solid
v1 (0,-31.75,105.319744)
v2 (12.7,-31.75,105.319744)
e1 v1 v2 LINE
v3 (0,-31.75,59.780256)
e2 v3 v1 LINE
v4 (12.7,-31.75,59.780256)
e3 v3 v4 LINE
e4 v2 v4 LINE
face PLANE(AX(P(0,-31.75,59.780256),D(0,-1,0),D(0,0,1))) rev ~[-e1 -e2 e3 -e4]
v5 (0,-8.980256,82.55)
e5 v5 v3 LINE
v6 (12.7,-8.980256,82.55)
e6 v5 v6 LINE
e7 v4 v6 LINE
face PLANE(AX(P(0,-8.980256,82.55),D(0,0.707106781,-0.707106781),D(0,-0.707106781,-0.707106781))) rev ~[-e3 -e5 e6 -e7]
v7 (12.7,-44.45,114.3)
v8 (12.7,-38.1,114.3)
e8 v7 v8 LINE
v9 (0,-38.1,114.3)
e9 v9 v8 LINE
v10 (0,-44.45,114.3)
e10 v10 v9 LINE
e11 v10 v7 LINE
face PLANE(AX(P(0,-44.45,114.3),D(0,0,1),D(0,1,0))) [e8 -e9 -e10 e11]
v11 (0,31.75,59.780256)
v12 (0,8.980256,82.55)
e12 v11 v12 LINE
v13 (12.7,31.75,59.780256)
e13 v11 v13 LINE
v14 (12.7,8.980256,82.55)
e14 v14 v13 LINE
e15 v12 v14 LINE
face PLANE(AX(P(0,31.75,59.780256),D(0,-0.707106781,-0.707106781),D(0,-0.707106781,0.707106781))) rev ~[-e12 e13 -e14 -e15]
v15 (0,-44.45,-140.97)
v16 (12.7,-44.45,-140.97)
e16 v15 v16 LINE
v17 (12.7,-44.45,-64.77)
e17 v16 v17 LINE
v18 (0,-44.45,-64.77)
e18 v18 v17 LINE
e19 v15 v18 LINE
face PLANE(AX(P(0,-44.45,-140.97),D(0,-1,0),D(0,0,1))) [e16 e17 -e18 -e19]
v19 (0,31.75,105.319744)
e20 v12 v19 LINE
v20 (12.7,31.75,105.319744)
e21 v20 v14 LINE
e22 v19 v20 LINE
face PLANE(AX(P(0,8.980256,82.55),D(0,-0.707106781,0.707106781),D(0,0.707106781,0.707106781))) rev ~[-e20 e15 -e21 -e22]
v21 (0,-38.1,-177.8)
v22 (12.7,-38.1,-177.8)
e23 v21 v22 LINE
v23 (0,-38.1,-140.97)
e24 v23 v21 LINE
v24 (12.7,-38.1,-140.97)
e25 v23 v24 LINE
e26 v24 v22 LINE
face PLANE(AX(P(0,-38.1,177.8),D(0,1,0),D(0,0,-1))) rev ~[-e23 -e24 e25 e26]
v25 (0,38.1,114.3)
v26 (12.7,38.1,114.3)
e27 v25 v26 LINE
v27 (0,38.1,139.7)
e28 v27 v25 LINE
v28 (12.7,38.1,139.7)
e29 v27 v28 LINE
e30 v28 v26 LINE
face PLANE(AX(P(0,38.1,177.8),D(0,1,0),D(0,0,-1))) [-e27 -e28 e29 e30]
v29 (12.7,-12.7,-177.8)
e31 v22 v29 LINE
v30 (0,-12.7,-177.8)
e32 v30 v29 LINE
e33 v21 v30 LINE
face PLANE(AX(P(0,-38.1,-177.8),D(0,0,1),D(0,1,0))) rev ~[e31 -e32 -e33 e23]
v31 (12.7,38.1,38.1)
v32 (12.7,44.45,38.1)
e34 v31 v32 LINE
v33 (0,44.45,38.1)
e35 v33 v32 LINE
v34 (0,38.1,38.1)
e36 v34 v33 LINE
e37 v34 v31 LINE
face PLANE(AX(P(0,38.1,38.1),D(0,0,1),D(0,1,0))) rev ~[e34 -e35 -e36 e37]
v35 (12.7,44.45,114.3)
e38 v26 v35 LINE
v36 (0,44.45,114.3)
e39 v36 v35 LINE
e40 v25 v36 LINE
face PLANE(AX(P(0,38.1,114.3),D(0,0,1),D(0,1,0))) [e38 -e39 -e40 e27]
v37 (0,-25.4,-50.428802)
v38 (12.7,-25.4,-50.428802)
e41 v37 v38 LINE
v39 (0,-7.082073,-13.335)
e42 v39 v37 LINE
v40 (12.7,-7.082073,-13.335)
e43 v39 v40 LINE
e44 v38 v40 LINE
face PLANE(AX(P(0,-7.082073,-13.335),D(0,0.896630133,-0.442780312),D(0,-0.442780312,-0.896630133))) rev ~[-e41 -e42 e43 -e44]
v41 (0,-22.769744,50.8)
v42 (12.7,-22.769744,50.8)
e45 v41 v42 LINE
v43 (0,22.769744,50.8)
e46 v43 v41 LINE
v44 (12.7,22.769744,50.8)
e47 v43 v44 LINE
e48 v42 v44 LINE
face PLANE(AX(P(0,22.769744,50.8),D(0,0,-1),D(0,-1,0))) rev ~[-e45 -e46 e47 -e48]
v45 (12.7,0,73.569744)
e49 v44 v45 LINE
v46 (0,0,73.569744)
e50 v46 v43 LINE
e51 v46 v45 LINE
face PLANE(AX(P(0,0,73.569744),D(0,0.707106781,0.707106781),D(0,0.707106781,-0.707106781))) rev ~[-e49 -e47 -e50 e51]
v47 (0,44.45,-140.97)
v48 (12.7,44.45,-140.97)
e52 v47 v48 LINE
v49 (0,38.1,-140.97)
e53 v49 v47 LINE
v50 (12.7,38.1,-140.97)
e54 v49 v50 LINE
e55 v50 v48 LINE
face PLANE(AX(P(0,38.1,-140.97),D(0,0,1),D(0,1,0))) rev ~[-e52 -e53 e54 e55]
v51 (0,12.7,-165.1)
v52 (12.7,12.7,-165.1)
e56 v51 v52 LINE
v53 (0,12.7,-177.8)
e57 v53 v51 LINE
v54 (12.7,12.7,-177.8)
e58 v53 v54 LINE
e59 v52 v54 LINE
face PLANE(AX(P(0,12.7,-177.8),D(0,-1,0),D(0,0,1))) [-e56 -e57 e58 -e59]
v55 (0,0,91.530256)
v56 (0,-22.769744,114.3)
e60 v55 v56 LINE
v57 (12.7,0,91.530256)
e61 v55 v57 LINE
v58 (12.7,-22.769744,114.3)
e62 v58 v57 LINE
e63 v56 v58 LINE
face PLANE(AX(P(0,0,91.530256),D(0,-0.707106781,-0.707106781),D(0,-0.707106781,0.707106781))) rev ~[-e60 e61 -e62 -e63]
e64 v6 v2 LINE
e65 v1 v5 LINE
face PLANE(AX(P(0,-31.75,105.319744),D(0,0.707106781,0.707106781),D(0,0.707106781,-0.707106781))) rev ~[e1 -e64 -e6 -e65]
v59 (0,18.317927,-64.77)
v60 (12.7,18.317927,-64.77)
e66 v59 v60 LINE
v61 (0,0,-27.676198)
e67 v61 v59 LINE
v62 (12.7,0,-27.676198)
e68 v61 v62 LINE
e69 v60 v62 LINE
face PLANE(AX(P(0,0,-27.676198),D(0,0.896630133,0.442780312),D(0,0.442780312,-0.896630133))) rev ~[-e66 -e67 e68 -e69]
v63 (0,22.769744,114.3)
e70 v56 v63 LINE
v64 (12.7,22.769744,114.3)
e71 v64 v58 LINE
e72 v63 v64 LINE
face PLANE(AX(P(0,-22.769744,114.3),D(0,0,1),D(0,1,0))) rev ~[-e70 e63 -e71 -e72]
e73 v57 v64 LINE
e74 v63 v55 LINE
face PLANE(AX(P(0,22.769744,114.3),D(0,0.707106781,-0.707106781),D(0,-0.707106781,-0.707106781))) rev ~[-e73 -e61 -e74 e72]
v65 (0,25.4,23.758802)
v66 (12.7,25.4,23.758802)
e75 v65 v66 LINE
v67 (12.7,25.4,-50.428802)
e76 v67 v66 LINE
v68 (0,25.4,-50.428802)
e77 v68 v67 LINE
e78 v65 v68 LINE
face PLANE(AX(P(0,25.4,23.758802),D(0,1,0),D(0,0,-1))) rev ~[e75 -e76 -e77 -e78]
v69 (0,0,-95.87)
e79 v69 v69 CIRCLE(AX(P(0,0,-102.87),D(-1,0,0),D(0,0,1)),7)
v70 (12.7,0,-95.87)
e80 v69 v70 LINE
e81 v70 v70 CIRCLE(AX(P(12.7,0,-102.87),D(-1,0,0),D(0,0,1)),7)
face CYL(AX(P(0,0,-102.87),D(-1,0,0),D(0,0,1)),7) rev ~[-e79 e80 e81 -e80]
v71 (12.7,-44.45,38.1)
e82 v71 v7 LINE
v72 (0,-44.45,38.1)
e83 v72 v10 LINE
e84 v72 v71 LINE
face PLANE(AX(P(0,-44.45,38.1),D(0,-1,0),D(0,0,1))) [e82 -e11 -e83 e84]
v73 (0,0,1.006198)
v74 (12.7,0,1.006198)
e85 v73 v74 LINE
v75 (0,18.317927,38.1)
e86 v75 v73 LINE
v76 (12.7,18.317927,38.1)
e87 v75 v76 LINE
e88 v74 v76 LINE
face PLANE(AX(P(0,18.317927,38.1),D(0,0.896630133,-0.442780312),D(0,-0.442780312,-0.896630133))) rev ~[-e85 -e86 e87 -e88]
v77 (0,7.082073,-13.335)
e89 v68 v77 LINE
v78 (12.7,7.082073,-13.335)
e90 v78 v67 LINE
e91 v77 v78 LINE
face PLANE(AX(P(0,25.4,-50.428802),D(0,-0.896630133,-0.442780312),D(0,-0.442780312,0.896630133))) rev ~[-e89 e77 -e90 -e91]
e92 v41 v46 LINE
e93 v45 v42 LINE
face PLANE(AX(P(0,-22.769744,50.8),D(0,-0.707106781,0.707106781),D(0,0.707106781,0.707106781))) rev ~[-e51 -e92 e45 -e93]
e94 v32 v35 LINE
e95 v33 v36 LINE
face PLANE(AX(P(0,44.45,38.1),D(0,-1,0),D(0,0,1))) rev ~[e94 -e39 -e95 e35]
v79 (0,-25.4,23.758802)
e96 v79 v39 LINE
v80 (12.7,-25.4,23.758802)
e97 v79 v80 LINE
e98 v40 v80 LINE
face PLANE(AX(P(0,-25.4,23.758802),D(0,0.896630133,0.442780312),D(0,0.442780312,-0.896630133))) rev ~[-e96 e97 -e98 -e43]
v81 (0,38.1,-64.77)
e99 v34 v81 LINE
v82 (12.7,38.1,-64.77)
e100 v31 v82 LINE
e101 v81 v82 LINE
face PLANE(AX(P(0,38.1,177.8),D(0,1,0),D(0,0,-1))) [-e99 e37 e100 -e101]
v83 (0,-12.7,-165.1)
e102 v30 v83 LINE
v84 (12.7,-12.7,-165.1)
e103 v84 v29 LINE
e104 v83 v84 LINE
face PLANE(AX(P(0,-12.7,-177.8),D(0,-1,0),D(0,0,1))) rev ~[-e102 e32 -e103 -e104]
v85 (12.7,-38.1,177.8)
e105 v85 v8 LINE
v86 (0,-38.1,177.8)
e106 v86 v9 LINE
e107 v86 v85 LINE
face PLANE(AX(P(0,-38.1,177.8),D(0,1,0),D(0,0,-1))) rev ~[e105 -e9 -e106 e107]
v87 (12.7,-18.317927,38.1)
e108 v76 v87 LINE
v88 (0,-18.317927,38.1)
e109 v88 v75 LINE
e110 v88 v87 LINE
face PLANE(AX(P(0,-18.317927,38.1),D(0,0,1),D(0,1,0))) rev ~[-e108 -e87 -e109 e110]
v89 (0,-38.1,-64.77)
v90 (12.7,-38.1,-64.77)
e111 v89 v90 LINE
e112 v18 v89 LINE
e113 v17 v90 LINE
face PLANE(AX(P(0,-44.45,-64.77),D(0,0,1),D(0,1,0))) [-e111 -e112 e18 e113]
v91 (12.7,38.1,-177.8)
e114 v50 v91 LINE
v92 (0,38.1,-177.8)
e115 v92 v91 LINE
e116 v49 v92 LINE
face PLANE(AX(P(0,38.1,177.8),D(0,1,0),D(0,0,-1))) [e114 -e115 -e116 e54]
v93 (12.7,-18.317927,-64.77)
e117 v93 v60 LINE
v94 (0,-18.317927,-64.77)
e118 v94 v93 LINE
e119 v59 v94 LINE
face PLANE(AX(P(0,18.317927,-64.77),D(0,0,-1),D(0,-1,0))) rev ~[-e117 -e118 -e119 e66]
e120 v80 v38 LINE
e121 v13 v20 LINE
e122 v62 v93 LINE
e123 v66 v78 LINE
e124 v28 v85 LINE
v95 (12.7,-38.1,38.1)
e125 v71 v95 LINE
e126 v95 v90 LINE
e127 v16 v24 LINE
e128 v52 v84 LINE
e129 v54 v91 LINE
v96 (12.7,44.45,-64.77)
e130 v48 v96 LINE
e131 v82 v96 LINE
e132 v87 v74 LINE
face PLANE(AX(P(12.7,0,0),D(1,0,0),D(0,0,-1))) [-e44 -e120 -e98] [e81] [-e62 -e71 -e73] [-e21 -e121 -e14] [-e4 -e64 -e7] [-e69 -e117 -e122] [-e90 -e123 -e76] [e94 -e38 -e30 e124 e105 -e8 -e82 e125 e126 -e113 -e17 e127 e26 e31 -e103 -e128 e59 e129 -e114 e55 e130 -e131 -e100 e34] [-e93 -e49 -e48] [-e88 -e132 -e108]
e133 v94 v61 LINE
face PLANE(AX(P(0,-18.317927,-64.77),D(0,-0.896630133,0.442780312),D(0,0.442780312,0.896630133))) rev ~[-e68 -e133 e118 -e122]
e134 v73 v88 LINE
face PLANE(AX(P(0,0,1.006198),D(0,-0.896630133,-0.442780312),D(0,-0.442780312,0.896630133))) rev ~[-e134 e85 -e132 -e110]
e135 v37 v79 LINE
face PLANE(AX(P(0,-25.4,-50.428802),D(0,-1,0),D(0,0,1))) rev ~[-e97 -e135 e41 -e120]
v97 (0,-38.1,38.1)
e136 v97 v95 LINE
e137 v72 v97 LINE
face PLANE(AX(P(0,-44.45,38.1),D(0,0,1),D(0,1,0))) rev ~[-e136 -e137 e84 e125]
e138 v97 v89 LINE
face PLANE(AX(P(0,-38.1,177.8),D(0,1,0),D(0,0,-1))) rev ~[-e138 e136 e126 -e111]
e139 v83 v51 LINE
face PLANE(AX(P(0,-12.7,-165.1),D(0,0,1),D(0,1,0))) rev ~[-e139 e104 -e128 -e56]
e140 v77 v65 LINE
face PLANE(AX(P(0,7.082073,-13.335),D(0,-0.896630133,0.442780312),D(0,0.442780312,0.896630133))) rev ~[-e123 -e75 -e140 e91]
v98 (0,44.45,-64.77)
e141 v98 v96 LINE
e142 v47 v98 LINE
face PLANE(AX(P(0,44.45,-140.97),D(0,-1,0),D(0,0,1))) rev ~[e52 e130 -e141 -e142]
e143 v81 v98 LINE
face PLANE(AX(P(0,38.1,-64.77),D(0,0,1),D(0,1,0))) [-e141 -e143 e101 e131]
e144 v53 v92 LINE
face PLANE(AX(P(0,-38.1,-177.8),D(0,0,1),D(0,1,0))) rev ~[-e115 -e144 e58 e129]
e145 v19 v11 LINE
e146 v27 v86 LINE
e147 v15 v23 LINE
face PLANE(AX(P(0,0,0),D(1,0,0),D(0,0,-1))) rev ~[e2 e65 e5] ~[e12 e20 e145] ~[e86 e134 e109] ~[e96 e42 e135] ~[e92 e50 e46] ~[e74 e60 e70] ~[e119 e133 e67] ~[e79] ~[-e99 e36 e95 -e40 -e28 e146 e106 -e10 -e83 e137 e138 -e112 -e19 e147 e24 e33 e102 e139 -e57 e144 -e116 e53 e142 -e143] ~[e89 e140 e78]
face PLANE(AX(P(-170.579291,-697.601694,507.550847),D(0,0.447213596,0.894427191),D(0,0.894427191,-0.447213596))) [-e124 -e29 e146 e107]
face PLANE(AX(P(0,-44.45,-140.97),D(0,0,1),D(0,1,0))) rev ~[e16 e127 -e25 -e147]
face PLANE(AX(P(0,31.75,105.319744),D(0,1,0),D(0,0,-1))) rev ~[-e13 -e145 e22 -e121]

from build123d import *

# Parameters (mm, degrees)
SKETCH1_W               = 355.6
SKETCH1_H               = 76.2
BOSS_EXTRUDE1_DEPTH     = 12.7
CUT_EXTRUDE1_DEPTH      = 183.279291199
CUT_EXTRUDE1_DEPTH_BACK = 183.279291199
SKETCH3_W               = 76.2
SKETCH3_H               = 6.35
BOSS_EXTRUDE2_DEPTH     = 12.7
SKETCH4_W               = 12.7
SKETCH4_H               = 25.4
CUT_EXTRUDE2_DEPTH      = 184.711546997
SKETCH5_R               = 7
CUT_EXTRUDE3_DEPTH      = 184.711546997
CUT_EXTRUDE4_DEPTH      = 184.711546997


with BuildPart() as part:
    # Sketch1 → Boss-Extrude1 (new body)
    with BuildSketch(Plane(origin=(0, 0, 0), x_dir=(0, 0, -1), z_dir=(1, 0, 0))):
        Rectangle(SKETCH1_W, SKETCH1_H)
    extrude(amount=BOSS_EXTRUDE1_DEPTH)

    # Sketch2 → Cut-Extrude1 (cut, two sides: drawn at the far end of the back side and taken through both)
    with BuildSketch(Plane(origin=(12.7, 0, 0), x_dir=(0, 0, -1), z_dir=(1, 0, 0)).offset(-CUT_EXTRUDE1_DEPTH_BACK)):
        Polygon((-507.550847217, -697.601694433), (-177.8, -38.1), (-139.7, 38.1), (190.050847217, 697.601694433), (-1128.95254165, 1357.103388866), (-1826.554236083, -38.1), align=None)
    extrude(amount=CUT_EXTRUDE1_DEPTH + CUT_EXTRUDE1_DEPTH_BACK, mode=Mode.SUBTRACT)

    # Sketch3 → Boss-Extrude2 (add)
    with BuildSketch(Plane.ZY):
        with Locations((-102.87, -41.275)):
            Rectangle(SKETCH3_W, SKETCH3_H)
        with Locations((76.2, -41.275)):
            Rectangle(SKETCH3_W, SKETCH3_H)
        with Locations((-102.87, 41.275)):
            Rectangle(SKETCH3_W, SKETCH3_H)
        with Locations((76.2, 41.275)):
            Rectangle(SKETCH3_W, SKETCH3_H)
    extrude(amount=-BOSS_EXTRUDE2_DEPTH)

    # Sketch4 → Cut-Extrude2 (cut, through all)
    with BuildSketch(Plane.ZY):
        with Locations((-171.45, 0)):
            Rectangle(SKETCH4_W, SKETCH4_H)
    extrude(amount=-CUT_EXTRUDE2_DEPTH, mode=Mode.SUBTRACT)

    # Sketch5 → Cut-Extrude3 (cut, through all)
    with BuildSketch(Plane.ZY):
        with Locations((-102.87, 0)):
            Circle(SKETCH5_R)
    extrude(amount=-CUT_EXTRUDE3_DEPTH, mode=Mode.SUBTRACT)

    # Sketch6 → Cut-Extrude4 (cut, through all)
    with BuildSketch(Plane.ZY):
        Polygon((-13.335, -7.08207294), (-50.428802297, -25.4), (23.758802297, -25.4), align=None)
        Polygon((-27.676197703, 0), (-64.77, 18.31792706), (-64.77, -18.31792706), align=None)
        Polygon((23.758802297, 25.4), (-50.428802297, 25.4), (-13.335, 7.08207294), align=None)
        Polygon((38.1, -18.31792706), (38.1, 18.31792706), (1.006197703, 0), align=None)
        Polygon((105.319743879, -31.75), (82.55, -8.980256121), (59.780256121, -31.75), align=None)
        Polygon((114.3, 22.769743879), (91.530256121, 0), (114.3, -22.769743879), align=None)
        Polygon((73.569743879, 0), (50.8, 22.769743879), (50.8, -22.769743879), align=None)
        Polygon((105.319743879, 31.75), (59.780256121, 31.75), (82.55, 8.980256121), align=None)
    extrude(amount=-CUT_EXTRUDE4_DEPTH, mode=Mode.SUBTRACT)


solid = part.part
